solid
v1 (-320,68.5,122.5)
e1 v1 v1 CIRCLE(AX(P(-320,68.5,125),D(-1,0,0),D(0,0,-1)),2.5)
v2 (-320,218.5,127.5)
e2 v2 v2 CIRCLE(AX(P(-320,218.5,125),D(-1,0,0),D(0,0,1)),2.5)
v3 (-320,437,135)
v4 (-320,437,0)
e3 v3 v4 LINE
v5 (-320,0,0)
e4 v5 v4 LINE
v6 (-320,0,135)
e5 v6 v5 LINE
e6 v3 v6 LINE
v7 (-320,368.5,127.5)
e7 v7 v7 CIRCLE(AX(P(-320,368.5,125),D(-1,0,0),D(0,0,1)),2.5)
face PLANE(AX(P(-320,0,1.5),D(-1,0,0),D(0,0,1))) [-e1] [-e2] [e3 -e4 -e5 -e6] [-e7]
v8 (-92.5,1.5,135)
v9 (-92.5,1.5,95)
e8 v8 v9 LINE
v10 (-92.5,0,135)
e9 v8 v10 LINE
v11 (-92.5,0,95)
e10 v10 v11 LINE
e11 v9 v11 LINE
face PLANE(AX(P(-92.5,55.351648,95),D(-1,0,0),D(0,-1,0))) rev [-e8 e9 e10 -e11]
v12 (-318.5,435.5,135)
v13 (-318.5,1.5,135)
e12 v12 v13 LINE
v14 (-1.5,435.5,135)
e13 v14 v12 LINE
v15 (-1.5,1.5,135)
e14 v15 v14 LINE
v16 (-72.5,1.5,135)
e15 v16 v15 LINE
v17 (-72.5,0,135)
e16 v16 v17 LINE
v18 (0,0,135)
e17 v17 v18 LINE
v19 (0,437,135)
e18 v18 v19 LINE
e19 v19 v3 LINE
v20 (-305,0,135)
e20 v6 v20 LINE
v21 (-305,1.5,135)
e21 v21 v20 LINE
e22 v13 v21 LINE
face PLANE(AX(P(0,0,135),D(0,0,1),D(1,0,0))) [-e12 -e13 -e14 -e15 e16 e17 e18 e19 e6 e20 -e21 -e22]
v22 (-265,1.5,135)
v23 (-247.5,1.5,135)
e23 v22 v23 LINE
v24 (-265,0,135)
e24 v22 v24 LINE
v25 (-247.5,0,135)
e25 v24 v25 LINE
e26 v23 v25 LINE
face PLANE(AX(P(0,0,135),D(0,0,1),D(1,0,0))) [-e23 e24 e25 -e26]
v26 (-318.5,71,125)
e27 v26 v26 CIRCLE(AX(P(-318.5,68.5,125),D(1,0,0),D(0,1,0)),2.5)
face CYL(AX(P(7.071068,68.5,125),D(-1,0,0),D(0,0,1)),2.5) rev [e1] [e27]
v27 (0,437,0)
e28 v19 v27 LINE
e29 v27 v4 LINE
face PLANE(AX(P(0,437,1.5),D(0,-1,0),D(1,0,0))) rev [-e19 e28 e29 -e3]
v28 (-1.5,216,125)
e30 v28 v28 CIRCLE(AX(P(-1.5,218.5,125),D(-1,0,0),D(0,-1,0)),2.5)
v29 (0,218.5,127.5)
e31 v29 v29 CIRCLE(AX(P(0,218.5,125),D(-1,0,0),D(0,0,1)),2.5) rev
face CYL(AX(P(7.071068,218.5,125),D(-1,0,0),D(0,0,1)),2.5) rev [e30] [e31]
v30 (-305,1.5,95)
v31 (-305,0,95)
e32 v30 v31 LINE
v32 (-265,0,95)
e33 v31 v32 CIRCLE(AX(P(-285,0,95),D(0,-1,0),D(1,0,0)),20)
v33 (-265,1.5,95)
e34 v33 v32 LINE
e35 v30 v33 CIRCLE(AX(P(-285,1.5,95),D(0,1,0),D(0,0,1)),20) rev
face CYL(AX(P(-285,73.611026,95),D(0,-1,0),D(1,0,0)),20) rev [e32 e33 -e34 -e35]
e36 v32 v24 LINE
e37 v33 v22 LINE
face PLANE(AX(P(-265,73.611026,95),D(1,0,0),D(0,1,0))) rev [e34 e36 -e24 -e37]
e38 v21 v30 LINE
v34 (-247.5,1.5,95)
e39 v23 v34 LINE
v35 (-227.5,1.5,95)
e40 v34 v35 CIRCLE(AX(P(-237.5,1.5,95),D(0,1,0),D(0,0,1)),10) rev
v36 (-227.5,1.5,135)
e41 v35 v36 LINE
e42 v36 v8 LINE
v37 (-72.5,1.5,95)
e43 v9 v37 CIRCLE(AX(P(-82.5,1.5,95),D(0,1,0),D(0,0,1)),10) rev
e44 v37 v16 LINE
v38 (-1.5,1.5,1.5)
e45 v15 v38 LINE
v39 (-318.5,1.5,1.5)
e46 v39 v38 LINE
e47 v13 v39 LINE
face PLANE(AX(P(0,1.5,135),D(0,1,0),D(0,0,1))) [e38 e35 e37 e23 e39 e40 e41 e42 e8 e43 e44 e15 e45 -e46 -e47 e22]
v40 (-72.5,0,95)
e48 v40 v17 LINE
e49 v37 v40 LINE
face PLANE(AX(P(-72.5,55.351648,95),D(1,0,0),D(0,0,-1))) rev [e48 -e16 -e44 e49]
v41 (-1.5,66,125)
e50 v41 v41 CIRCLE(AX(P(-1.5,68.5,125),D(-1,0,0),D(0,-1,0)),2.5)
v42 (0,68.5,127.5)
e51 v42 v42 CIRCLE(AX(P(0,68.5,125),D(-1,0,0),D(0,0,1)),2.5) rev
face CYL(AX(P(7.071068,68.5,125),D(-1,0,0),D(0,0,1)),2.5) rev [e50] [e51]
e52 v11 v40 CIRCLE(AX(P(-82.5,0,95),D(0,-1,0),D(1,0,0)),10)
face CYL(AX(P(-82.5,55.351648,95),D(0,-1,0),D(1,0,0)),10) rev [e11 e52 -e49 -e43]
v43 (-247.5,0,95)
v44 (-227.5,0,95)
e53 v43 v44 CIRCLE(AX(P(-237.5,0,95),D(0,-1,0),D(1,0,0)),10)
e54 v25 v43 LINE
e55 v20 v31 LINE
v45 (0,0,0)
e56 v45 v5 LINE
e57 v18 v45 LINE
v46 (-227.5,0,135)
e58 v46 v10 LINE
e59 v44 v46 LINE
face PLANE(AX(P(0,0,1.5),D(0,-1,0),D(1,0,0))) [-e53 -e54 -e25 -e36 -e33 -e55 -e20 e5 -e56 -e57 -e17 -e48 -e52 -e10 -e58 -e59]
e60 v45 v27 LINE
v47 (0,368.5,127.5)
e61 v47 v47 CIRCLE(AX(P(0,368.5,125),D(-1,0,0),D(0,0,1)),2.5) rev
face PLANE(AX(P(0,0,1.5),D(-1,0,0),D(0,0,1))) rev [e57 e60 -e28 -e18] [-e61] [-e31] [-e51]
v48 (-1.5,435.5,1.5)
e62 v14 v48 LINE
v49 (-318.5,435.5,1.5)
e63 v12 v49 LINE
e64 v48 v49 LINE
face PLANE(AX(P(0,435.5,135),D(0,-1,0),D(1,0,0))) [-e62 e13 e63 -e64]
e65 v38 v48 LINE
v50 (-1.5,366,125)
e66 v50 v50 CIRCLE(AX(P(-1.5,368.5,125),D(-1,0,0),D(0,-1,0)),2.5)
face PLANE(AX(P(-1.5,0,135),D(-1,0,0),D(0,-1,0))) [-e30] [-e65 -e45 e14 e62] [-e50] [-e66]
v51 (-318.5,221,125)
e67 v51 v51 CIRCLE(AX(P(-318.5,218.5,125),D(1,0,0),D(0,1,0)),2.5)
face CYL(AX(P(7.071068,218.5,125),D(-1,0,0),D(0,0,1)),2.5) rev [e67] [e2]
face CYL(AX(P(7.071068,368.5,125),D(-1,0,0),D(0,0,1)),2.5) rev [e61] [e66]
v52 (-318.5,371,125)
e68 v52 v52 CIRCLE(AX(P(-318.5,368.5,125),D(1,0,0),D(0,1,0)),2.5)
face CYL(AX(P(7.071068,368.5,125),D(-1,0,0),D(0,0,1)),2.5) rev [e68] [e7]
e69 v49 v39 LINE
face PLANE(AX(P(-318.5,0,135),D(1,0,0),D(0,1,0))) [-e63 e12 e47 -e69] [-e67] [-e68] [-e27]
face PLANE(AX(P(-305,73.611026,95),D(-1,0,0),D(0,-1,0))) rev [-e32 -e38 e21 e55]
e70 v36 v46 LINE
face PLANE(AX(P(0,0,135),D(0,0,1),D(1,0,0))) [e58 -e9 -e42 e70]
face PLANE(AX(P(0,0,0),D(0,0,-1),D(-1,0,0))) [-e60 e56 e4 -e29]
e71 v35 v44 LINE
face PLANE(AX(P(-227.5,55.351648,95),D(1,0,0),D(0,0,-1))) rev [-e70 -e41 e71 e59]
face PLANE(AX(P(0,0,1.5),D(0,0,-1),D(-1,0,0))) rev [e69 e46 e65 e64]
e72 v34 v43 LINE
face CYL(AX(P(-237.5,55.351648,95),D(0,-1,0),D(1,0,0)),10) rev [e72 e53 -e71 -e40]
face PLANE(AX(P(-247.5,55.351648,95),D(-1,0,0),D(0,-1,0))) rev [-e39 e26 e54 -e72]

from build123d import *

# Parameters (mm, degrees)
CROQUIS1_W              = 320
CROQUIS1_H              = 437
SALIENTE_EXTRUIR1_DEPTH = 1.5
CROQUIS2_W              = 317
CROQUIS2_H              = 434
SALIENTE_EXTRUIR2_DEPTH = 135
CORTAR_EXTRUIR1_DEPTH   = 1.5
CORTAR_EXTRUIR2_DEPTH   = 1.5
CROQUIS6_R              = 2.5
CORTAR_EXTRUIR4_DEPTH   = 320


with BuildPart() as part:
    # Croquis1 → Saliente-Extruir1 (new body)
    with BuildSketch(Plane.XY):
        with Locations((-160, 218.5)):
            Rectangle(CROQUIS1_W, CROQUIS1_H)
    extrude(amount=SALIENTE_EXTRUIR1_DEPTH)

    # Croquis2 → Saliente-Extruir2 (add)
    with BuildSketch(Plane.XY):
        Polygon((0, 436), (0, 437), (-1, 437), (-319, 437), (-320, 437), (-320, 436), (-320, 1), (-320, 0), (-319, 0), (-1, 0), (0, 0), (0, 1), align=None)
        with Locations((-160, 218.5)):
            Rectangle(CROQUIS2_W, CROQUIS2_H, mode=Mode.SUBTRACT)
    extrude(amount=SALIENTE_EXTRUIR2_DEPTH)

    # Croquis3 → Cortar-Extruir1 (cut)
    with BuildSketch(Plane.XZ):
        with BuildLine():
            Line((-247.5, 95), (-247.5, 135))
            Line((-247.5, 135), (-227.5, 135))
            Line((-227.5, 135), (-227.5, 95))
            ThreePointArc((-227.5, 95), (-237.5, 85), (-247.5, 95))
        make_face()
        with BuildLine():
            Line((-92.5, 95), (-92.5, 135))
            Line((-92.5, 135), (-72.5, 135))
            Line((-72.5, 135), (-72.5, 95))
            ThreePointArc((-72.5, 95), (-82.5, 85), (-92.5, 95))
        make_face()
    extrude(amount=-CORTAR_EXTRUIR1_DEPTH, mode=Mode.SUBTRACT)

    # Croquis4 → Cortar-Extruir2 (cut)
    with BuildSketch(Plane.XZ):
        with BuildLine():
            Line((-305, 95), (-305, 135))
            Line((-305, 135), (-265, 135))
            Line((-265, 135), (-265, 95))
            ThreePointArc((-265, 95), (-285, 75), (-305, 95))
        make_face()
    extrude(amount=-CORTAR_EXTRUIR2_DEPTH, mode=Mode.SUBTRACT)

    # Croquis6 → Cortar-Extruir4 (cut)
    with BuildSketch(Plane.ZY.offset(320)):
        with Locations((125, 368.5)):
            Circle(CROQUIS6_R)
        with Locations((125, 68.5)):
            Circle(CROQUIS6_R)
        with Locations((125, 218.5)):
            Circle(CROQUIS6_R)
    extrude(amount=-CORTAR_EXTRUIR4_DEPTH, mode=Mode.SUBTRACT)


solid = part.part
